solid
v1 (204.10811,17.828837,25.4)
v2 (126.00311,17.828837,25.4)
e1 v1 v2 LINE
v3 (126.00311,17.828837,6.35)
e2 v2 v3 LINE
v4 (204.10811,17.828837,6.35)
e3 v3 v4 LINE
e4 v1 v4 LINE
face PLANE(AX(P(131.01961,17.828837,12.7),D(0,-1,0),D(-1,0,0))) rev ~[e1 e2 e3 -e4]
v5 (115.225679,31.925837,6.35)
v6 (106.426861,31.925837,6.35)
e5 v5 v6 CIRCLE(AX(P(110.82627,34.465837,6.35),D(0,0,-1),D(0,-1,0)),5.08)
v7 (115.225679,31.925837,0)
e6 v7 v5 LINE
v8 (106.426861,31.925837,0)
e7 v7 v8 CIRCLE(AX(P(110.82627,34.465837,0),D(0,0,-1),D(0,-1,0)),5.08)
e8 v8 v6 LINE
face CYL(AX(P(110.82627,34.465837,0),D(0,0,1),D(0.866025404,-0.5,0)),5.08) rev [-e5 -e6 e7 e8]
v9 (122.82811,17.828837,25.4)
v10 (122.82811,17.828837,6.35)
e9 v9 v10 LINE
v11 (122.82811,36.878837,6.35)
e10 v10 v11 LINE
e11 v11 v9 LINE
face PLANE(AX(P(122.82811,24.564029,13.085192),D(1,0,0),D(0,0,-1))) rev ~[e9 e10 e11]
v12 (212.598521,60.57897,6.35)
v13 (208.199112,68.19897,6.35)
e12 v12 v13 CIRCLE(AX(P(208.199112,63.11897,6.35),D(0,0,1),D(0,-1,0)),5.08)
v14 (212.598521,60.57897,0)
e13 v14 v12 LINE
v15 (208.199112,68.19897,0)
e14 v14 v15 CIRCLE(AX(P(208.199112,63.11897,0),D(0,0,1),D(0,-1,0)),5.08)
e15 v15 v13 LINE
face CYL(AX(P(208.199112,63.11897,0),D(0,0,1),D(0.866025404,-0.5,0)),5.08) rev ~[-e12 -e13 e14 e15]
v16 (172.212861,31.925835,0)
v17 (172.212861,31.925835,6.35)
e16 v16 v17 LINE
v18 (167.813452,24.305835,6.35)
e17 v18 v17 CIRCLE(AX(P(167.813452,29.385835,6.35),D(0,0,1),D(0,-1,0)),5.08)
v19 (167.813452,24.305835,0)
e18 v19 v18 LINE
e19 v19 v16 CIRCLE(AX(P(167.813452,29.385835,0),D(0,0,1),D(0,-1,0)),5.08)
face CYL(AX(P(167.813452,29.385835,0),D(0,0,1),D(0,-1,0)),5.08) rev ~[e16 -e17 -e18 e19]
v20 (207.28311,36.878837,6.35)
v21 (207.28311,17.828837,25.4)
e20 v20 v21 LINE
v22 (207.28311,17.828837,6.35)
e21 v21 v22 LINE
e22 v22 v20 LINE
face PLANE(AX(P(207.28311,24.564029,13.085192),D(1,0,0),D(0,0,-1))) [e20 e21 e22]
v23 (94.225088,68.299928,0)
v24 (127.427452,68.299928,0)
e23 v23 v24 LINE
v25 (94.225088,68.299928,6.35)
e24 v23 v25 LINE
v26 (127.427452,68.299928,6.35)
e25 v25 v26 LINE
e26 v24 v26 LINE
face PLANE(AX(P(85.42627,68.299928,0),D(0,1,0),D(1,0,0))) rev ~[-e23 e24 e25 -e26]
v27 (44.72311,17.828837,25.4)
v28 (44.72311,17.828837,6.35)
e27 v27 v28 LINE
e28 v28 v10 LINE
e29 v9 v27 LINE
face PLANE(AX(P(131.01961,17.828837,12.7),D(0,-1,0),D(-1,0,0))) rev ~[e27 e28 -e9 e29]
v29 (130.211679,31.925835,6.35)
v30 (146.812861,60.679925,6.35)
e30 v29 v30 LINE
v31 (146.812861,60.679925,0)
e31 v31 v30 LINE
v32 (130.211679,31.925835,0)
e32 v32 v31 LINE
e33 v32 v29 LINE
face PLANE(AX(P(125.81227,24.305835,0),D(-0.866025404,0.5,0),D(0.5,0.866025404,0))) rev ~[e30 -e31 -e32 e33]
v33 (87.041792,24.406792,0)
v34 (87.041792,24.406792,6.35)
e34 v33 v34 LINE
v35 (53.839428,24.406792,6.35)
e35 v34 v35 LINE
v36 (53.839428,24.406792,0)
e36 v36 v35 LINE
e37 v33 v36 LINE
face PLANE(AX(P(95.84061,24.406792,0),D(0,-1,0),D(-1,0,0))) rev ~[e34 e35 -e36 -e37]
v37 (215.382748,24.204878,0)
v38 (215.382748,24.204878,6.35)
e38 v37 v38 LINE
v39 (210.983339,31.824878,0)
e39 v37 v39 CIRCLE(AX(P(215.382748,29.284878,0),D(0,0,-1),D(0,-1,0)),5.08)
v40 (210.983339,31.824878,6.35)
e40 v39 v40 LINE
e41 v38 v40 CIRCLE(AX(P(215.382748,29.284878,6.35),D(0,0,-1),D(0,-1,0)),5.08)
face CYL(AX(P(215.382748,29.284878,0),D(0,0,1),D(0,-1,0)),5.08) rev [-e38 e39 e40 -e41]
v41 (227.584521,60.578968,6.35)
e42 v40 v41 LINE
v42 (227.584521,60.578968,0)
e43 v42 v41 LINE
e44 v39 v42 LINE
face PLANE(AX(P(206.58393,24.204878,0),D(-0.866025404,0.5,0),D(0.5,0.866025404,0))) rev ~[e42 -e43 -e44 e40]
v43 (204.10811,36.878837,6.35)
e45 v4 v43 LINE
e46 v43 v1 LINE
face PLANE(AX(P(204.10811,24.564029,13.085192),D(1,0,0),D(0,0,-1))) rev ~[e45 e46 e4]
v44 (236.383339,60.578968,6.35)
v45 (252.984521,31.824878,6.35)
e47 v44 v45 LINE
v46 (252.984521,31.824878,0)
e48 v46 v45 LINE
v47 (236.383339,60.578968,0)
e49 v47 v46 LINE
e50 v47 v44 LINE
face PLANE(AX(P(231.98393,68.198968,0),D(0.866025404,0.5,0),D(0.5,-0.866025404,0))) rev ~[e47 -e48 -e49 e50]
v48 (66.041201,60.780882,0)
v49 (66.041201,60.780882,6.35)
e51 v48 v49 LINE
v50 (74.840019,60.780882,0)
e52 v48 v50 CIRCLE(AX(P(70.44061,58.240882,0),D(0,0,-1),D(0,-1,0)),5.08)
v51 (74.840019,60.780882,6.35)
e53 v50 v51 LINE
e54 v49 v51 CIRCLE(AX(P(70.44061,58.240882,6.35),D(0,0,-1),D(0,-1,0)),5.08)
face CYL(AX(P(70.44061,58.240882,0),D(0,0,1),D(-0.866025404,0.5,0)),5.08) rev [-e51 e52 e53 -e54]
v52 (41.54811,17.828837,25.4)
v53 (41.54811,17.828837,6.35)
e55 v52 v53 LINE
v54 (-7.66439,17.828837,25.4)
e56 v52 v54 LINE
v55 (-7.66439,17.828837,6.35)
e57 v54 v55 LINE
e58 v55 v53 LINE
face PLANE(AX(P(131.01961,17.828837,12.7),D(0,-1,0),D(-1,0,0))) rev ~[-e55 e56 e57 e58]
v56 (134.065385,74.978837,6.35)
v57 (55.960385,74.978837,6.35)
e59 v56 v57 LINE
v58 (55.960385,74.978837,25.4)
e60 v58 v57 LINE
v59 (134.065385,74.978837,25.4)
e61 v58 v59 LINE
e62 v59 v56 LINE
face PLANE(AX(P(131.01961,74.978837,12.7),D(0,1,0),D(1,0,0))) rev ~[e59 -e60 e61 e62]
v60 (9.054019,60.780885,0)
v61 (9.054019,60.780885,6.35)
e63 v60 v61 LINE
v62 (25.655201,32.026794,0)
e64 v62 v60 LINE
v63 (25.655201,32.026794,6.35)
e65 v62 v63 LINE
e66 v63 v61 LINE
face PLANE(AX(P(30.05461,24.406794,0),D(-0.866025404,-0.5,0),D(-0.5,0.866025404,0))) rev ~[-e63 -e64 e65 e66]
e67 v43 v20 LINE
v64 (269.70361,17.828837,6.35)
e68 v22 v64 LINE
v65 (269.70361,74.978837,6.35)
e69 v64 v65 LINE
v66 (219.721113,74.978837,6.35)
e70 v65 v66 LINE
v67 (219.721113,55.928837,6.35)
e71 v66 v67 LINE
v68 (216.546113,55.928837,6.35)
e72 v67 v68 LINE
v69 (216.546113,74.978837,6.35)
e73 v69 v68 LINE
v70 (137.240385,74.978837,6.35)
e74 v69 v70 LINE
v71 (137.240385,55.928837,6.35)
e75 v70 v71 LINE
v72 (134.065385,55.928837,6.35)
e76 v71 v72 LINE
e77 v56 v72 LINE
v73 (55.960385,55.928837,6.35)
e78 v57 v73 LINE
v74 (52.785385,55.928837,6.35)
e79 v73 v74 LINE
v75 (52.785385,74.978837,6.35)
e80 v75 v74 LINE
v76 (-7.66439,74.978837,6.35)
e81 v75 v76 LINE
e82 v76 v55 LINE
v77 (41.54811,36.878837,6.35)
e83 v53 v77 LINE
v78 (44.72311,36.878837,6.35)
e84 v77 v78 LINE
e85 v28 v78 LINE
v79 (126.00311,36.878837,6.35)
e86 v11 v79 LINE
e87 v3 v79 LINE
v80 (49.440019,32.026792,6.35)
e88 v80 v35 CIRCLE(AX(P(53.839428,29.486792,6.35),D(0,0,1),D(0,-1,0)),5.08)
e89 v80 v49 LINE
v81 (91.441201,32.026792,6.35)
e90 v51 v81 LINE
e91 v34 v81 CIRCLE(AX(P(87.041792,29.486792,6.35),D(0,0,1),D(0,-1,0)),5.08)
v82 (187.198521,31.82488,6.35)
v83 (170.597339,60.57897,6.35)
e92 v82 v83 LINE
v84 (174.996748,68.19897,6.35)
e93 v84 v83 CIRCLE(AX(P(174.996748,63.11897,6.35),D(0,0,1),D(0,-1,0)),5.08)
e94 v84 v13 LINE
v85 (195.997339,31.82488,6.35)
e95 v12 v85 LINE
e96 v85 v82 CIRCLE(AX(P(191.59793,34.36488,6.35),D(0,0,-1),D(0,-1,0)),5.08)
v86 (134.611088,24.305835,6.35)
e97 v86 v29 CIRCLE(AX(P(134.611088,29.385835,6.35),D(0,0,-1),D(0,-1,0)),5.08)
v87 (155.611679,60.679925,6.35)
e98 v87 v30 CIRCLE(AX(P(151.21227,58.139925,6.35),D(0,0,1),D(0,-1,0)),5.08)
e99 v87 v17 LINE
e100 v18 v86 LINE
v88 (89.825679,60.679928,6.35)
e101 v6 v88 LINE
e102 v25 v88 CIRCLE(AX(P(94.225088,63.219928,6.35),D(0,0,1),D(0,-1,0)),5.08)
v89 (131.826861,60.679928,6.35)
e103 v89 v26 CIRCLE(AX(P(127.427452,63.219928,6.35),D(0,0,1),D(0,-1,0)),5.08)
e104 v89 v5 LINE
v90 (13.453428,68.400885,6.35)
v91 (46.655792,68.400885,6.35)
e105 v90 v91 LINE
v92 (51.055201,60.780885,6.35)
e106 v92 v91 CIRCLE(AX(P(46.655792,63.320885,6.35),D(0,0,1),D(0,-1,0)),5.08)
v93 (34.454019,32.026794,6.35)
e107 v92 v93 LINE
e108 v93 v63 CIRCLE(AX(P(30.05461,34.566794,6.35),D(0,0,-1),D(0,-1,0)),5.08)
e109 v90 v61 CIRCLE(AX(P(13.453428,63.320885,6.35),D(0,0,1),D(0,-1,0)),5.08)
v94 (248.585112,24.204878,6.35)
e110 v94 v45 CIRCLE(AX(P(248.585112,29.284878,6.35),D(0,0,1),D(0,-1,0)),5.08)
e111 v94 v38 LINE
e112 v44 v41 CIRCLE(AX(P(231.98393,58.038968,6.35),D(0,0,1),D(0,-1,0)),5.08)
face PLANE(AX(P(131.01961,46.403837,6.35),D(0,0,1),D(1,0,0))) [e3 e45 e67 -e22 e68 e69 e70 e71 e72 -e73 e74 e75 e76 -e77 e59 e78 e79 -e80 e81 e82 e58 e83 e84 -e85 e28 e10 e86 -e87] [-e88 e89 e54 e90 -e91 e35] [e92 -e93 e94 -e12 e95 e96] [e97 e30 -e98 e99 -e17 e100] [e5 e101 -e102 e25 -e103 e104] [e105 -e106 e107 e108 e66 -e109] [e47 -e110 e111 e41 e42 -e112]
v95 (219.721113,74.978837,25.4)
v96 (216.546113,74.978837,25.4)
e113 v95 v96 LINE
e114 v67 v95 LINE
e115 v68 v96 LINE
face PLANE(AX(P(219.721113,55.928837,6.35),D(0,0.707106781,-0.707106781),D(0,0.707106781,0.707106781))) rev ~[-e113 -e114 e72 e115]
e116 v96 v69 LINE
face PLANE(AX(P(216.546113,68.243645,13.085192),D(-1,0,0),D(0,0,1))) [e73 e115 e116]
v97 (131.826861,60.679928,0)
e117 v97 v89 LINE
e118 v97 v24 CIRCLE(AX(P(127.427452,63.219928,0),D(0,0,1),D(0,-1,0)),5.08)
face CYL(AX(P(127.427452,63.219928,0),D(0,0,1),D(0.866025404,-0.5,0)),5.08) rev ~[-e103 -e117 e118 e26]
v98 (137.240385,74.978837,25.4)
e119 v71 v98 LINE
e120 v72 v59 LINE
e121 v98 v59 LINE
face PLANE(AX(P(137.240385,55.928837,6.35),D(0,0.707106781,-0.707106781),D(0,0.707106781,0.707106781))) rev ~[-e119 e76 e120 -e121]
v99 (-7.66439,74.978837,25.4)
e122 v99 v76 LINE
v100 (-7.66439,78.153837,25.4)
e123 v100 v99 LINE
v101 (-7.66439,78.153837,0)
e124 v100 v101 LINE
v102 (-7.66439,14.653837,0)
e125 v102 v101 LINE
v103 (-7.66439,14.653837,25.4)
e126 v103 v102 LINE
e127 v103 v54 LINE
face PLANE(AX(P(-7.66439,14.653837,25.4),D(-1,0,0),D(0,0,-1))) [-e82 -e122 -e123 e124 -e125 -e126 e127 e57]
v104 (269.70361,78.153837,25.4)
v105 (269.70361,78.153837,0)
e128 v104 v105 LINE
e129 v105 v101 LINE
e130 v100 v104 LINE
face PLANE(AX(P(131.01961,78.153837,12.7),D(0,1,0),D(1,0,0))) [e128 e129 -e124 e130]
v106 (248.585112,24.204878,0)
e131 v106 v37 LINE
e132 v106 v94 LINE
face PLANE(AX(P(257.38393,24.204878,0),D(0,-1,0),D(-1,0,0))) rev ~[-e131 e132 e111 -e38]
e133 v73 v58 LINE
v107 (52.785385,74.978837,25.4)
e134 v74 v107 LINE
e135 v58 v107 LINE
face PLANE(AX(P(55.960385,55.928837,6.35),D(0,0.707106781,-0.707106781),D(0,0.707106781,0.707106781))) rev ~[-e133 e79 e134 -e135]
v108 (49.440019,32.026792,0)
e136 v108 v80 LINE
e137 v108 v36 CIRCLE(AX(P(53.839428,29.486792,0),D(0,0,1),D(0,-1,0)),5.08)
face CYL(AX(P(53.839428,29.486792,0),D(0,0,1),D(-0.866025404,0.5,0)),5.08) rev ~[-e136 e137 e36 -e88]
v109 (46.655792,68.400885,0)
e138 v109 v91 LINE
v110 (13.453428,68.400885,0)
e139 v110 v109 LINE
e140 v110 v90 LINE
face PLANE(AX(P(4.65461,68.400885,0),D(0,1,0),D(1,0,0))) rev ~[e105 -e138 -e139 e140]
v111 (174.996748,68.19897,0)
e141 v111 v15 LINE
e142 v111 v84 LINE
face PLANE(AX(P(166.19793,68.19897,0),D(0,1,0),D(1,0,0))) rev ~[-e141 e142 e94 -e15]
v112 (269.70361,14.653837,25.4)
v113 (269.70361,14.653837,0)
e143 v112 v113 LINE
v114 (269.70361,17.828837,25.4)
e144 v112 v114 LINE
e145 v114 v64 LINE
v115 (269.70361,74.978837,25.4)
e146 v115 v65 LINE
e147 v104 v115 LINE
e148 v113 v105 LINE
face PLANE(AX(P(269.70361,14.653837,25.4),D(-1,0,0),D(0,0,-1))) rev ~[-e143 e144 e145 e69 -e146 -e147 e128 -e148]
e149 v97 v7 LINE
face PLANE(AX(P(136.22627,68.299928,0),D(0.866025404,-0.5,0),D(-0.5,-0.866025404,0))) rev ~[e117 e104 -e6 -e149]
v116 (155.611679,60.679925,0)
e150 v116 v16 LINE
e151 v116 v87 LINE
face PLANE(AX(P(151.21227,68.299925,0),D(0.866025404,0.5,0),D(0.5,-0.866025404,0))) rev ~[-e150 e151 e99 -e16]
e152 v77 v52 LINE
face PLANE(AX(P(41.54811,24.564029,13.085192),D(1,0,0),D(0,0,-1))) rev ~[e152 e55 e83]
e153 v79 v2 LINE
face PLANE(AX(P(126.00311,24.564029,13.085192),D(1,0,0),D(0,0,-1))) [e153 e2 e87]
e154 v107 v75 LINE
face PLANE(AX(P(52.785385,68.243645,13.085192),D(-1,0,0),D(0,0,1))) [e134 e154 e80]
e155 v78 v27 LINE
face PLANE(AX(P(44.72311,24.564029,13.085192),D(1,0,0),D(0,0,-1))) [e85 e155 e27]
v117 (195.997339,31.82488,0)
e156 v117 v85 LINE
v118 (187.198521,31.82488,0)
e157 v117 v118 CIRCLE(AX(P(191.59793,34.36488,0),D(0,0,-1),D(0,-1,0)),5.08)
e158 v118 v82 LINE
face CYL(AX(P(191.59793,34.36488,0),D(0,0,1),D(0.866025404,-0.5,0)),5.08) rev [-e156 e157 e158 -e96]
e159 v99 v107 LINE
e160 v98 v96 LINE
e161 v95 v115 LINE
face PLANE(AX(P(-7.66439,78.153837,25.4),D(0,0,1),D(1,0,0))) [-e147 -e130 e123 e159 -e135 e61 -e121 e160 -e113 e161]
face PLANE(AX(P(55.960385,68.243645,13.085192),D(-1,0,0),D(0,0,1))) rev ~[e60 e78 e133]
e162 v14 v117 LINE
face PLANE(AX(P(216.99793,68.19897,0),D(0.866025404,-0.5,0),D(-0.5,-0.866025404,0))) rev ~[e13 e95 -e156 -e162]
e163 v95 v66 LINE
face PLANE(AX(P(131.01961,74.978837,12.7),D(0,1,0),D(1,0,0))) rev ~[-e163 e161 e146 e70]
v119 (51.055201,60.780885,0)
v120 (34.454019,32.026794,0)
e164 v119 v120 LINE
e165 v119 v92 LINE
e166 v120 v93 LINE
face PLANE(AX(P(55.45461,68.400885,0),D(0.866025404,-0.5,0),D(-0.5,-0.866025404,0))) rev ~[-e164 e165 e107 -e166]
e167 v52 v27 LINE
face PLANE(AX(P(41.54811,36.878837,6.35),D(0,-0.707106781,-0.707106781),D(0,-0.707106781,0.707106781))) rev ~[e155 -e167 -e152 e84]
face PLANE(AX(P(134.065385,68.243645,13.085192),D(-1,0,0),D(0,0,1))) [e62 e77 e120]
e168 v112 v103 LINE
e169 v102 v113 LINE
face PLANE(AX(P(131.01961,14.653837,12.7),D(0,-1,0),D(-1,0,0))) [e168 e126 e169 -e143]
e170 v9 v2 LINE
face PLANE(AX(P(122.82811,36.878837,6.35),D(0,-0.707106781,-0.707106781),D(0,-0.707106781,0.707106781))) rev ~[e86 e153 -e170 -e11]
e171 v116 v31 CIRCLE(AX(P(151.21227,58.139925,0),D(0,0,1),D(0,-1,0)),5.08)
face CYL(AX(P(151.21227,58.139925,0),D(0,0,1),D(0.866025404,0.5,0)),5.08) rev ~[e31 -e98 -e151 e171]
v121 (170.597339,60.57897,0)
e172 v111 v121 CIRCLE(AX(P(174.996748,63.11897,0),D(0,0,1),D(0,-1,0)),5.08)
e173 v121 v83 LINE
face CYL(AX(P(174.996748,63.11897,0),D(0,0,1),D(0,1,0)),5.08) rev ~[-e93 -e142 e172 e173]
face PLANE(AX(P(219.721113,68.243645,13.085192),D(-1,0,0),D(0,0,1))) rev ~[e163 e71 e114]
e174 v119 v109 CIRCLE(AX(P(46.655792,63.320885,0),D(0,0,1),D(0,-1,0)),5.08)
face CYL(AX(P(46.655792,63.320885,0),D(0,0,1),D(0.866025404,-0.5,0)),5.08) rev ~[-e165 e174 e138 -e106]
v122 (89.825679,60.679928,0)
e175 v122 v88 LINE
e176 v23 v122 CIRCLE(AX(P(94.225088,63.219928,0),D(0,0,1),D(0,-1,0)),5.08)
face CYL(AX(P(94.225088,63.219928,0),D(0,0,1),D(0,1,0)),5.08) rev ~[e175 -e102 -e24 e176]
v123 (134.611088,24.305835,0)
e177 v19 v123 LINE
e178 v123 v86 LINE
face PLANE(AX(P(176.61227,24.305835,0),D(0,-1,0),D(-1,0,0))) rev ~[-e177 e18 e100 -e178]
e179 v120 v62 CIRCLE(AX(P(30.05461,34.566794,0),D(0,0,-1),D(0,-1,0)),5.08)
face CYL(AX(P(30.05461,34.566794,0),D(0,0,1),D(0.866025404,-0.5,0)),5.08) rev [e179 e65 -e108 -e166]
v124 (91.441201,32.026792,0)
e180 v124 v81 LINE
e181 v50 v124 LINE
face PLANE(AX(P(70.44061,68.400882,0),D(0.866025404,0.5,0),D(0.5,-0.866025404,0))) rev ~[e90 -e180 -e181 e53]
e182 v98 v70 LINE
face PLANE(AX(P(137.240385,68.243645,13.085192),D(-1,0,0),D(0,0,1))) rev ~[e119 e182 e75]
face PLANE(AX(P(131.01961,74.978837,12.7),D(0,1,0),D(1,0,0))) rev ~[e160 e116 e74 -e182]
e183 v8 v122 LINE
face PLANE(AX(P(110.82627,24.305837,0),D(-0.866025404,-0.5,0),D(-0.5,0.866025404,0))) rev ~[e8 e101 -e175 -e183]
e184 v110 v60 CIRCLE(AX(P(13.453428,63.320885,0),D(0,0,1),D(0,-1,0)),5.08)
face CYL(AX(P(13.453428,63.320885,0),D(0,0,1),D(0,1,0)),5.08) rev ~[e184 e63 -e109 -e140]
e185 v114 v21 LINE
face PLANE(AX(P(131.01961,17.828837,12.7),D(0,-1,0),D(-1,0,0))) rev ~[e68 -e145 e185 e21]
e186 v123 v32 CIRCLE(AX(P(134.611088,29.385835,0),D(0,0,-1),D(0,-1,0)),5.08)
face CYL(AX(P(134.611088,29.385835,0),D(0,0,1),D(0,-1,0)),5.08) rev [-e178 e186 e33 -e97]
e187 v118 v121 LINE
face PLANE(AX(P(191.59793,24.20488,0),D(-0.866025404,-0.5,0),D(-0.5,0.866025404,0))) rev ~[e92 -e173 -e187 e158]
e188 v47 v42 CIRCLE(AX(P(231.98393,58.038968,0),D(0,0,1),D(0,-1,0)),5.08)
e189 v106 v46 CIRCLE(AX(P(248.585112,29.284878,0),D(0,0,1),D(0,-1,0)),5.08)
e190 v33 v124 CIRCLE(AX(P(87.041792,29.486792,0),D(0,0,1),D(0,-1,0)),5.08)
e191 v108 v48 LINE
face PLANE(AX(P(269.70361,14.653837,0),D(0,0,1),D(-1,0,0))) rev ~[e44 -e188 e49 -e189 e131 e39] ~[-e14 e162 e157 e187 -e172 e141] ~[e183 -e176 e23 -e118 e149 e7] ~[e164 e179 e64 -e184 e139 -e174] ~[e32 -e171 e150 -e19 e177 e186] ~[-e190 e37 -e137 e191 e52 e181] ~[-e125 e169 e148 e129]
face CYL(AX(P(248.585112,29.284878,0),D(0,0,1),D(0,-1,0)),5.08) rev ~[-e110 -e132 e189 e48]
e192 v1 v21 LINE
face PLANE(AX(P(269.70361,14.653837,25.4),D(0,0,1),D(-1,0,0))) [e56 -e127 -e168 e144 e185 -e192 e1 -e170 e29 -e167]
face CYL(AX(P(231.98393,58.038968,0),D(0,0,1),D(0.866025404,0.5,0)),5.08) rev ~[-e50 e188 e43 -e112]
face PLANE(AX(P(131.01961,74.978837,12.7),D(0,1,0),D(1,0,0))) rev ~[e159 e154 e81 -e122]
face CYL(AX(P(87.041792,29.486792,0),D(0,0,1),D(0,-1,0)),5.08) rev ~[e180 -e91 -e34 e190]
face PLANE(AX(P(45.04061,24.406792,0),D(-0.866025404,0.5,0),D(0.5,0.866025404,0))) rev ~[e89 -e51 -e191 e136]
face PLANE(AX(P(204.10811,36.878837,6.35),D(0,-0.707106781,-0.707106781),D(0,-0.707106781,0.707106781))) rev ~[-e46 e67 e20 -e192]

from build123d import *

# Parameters (mm, degrees)
BOSS_EXTRUDE1_DEPTH      = 6.35
FILLET1_R                = 5.08
SKETCH3_W                = 277.368
SKETCH3_H                = 25.4
BOSS_EXTRUDE2_DEPTH      = 3.175
SKETCH5_W                = 277.368
SKETCH5_H                = 25.4
BOSS_EXTRUDE3_DEPTH      = 3.175
BOSS_EXTRUDE4_DEPTH      = 1.5875
BOSS_EXTRUDE4_DEPTH_BACK = 1.5875
BOSS_EXTRUDE5_DEPTH      = 1.5875
BOSS_EXTRUDE5_DEPTH_BACK = 1.5875
BOSS_EXTRUDE6_DEPTH      = 1.5875
BOSS_EXTRUDE6_DEPTH_BACK = 1.5875
BOSS_EXTRUDE7_DEPTH      = 1.5875
BOSS_EXTRUDE7_DEPTH_BACK = 1.5875
BOSS_EXTRUDE8_DEPTH      = 1.5875
BOSS_EXTRUDE8_DEPTH_BACK = 1.5875
BOSS_EXTRUDE9_DEPTH      = 1.5875
BOSS_EXTRUDE9_DEPTH_BACK = 1.5875


with BuildPart() as part:
    # Sketch2 → Boss-Extrude1 (new body)
    with BuildSketch(Plane.XY):
        with BuildLine():
            Line((-5.12438972, 14.653837172), (267.16361028, 14.653837172))
            ThreePointArc((267.16361028, 14.653837172), (268.959661504, 15.397785947), (269.70361028, 17.193837172))
            Line((269.70361028, 17.193837172), (269.70361028, 75.613837172))
            ThreePointArc((269.70361028, 75.613837172), (268.959661504, 77.409888396), (267.16361028, 78.153837172))
            Line((267.16361028, 78.153837172), (-5.12438972, 78.153837172))
            ThreePointArc((-5.12438972, 78.153837172), (-6.920440944, 77.409888396), (-7.66438972, 75.613837172))
            Line((-7.66438972, 75.613837172), (-7.66438972, 17.193837172))
            ThreePointArc((-7.66438972, 17.193837172), (-6.920440944, 15.397785947), (-5.12438972, 14.653837172))
        make_face()
        Polygon((30.05461028, 24.406794359), (4.65461028, 68.400884872), (55.45461028, 68.400884872), align=None, mode=Mode.SUBTRACT)
        Polygon((70.44061028, 68.400882428), (95.84061028, 24.406791915), (45.04061028, 24.406791915), align=None, mode=Mode.SUBTRACT)
        Polygon((110.82627023, 24.305837172), (85.42627023, 68.299927684), (136.22627023, 68.299927684), align=None, mode=Mode.SUBTRACT)
        Polygon((125.81227023, 24.305834728), (151.21227023, 68.29992524), (176.61227023, 24.305834728), align=None, mode=Mode.SUBTRACT)
        Polygon((191.59793018, 24.204879984), (166.19793018, 68.198970496), (216.99793018, 68.198970496), align=None, mode=Mode.SUBTRACT)
        Polygon((206.58393018, 24.20487754), (231.98393018, 68.198968052), (257.38393018, 24.20487754), align=None, mode=Mode.SUBTRACT)
    extrude(amount=BOSS_EXTRUDE1_DEPTH)

    # Fillet1
    fillet1_edges = [part.edges().sort_by_distance(p)[0] for p in [
        (257.38393018, 24.20487754, 3.175),
        (231.98393018, 68.198968052, 3.175),
        (206.58393018, 24.20487754, 3.175),
        (176.61227023, 24.305834728, 3.175),
        (151.21227023, 68.29992524, 3.175),
        (125.81227023, 24.305834728, 3.175),
        (4.65461028, 68.400884872, 3.175),
        (30.05461028, 24.406794359, 3.175),
        (55.45461028, 68.400884872, 3.175),
        (95.84061028, 24.406791915, 3.175),
        (70.44061028, 68.400882428, 3.175),
        (45.04061028, 24.406791915, 3.175),
        (85.42627023, 68.299927684, 3.175),
        (110.82627023, 24.305837172, 3.175),
        (136.22627023, 68.299927684, 3.175),
        (166.19793018, 68.198970496, 3.175),
        (191.59793018, 24.204879984, 3.175),
        (216.99793018, 68.198970496, 3.175),
    ]]
    fillet(fillet1_edges, radius=FILLET1_R)

    # Sketch3 → Boss-Extrude2 (add)
    with BuildSketch(Plane(origin=(0, 78.153837172, 0), x_dir=(1, 0, 0), z_dir=(0, 1, 0))):
        with Locations((131.01961028, -12.7)):
            Rectangle(SKETCH3_W, SKETCH3_H)
    extrude(amount=-BOSS_EXTRUDE2_DEPTH)

    # Sketch5 → Boss-Extrude3 (add)
    with BuildSketch(Plane(origin=(0, 14.653837172, 0), x_dir=(-1, 0, 0), z_dir=(0, -1, 0))):
        with Locations((-131.01961028, -12.7)):
            Rectangle(SKETCH5_W, SKETCH5_H)
    extrude(amount=-BOSS_EXTRUDE3_DEPTH)

    # Sketch8 → Boss-Extrude4 (add, two sides: drawn at the far end of the back side and taken through both)
    with BuildSketch(Plane(origin=(43.13561028, 0, 0), x_dir=(0, 0, -1), z_dir=(1, 0, 0)).offset(-BOSS_EXTRUDE4_DEPTH_BACK)):
        Polygon((-25.4, 17.828837172), (-6.35, 17.828837172), (-6.35, 36.878837172), align=None)
    extrude(amount=BOSS_EXTRUDE4_DEPTH + BOSS_EXTRUDE4_DEPTH_BACK)

    # Sketch9 → Boss-Extrude5 (add, two sides: drawn at the far end of the back side and taken through both)
    with BuildSketch(Plane(origin=(124.41561028, 0, 0), x_dir=(0, 0, -1), z_dir=(1, 0, 0)).offset(-BOSS_EXTRUDE5_DEPTH_BACK)):
        Polygon((-25.4, 17.828837172), (-6.35, 17.828837172), (-6.35, 36.878837172), align=None)
    extrude(amount=BOSS_EXTRUDE5_DEPTH + BOSS_EXTRUDE5_DEPTH_BACK)

    # Sketch10 → Boss-Extrude6 (add, two sides: drawn at the far end of the back side and taken through both)
    with BuildSketch(Plane(origin=(205.69561028, 0, 0), x_dir=(0, 0, -1), z_dir=(1, 0, 0)).offset(-BOSS_EXTRUDE6_DEPTH_BACK)):
        Polygon((-25.4, 17.828837172), (-6.35, 17.828837172), (-6.35, 36.878837172), align=None)
    extrude(amount=BOSS_EXTRUDE6_DEPTH + BOSS_EXTRUDE6_DEPTH_BACK)

    # Sketch11 → Boss-Extrude7 (add, two sides: drawn at the far end of the back side and taken through both)
    with BuildSketch(Plane.ZY.offset(-218.133612998).offset(-BOSS_EXTRUDE7_DEPTH_BACK)):
        Polygon((25.4, 74.978837172), (6.35, 74.978837172), (6.35, 55.928837172), align=None)
    extrude(amount=BOSS_EXTRUDE7_DEPTH + BOSS_EXTRUDE7_DEPTH_BACK)

    # Sketch12 → Boss-Extrude8 (add, two sides: drawn at the far end of the back side and taken through both)
    with BuildSketch(Plane.ZY.offset(-135.652884913).offset(-BOSS_EXTRUDE8_DEPTH_BACK)):
        Polygon((25.4, 74.978837172), (6.35, 74.978837172), (6.35, 55.928837172), align=None)
    extrude(amount=BOSS_EXTRUDE8_DEPTH + BOSS_EXTRUDE8_DEPTH_BACK)

    # Sketch13 → Boss-Extrude9 (add, two sides: drawn at the far end of the back side and taken through both)
    with BuildSketch(Plane.ZY.offset(-54.372884913).offset(-BOSS_EXTRUDE9_DEPTH_BACK)):
        Polygon((25.4, 74.978837172), (6.35, 74.978837172), (6.35, 55.928837172), align=None)
    extrude(amount=BOSS_EXTRUDE9_DEPTH + BOSS_EXTRUDE9_DEPTH_BACK)


solid = part.part
